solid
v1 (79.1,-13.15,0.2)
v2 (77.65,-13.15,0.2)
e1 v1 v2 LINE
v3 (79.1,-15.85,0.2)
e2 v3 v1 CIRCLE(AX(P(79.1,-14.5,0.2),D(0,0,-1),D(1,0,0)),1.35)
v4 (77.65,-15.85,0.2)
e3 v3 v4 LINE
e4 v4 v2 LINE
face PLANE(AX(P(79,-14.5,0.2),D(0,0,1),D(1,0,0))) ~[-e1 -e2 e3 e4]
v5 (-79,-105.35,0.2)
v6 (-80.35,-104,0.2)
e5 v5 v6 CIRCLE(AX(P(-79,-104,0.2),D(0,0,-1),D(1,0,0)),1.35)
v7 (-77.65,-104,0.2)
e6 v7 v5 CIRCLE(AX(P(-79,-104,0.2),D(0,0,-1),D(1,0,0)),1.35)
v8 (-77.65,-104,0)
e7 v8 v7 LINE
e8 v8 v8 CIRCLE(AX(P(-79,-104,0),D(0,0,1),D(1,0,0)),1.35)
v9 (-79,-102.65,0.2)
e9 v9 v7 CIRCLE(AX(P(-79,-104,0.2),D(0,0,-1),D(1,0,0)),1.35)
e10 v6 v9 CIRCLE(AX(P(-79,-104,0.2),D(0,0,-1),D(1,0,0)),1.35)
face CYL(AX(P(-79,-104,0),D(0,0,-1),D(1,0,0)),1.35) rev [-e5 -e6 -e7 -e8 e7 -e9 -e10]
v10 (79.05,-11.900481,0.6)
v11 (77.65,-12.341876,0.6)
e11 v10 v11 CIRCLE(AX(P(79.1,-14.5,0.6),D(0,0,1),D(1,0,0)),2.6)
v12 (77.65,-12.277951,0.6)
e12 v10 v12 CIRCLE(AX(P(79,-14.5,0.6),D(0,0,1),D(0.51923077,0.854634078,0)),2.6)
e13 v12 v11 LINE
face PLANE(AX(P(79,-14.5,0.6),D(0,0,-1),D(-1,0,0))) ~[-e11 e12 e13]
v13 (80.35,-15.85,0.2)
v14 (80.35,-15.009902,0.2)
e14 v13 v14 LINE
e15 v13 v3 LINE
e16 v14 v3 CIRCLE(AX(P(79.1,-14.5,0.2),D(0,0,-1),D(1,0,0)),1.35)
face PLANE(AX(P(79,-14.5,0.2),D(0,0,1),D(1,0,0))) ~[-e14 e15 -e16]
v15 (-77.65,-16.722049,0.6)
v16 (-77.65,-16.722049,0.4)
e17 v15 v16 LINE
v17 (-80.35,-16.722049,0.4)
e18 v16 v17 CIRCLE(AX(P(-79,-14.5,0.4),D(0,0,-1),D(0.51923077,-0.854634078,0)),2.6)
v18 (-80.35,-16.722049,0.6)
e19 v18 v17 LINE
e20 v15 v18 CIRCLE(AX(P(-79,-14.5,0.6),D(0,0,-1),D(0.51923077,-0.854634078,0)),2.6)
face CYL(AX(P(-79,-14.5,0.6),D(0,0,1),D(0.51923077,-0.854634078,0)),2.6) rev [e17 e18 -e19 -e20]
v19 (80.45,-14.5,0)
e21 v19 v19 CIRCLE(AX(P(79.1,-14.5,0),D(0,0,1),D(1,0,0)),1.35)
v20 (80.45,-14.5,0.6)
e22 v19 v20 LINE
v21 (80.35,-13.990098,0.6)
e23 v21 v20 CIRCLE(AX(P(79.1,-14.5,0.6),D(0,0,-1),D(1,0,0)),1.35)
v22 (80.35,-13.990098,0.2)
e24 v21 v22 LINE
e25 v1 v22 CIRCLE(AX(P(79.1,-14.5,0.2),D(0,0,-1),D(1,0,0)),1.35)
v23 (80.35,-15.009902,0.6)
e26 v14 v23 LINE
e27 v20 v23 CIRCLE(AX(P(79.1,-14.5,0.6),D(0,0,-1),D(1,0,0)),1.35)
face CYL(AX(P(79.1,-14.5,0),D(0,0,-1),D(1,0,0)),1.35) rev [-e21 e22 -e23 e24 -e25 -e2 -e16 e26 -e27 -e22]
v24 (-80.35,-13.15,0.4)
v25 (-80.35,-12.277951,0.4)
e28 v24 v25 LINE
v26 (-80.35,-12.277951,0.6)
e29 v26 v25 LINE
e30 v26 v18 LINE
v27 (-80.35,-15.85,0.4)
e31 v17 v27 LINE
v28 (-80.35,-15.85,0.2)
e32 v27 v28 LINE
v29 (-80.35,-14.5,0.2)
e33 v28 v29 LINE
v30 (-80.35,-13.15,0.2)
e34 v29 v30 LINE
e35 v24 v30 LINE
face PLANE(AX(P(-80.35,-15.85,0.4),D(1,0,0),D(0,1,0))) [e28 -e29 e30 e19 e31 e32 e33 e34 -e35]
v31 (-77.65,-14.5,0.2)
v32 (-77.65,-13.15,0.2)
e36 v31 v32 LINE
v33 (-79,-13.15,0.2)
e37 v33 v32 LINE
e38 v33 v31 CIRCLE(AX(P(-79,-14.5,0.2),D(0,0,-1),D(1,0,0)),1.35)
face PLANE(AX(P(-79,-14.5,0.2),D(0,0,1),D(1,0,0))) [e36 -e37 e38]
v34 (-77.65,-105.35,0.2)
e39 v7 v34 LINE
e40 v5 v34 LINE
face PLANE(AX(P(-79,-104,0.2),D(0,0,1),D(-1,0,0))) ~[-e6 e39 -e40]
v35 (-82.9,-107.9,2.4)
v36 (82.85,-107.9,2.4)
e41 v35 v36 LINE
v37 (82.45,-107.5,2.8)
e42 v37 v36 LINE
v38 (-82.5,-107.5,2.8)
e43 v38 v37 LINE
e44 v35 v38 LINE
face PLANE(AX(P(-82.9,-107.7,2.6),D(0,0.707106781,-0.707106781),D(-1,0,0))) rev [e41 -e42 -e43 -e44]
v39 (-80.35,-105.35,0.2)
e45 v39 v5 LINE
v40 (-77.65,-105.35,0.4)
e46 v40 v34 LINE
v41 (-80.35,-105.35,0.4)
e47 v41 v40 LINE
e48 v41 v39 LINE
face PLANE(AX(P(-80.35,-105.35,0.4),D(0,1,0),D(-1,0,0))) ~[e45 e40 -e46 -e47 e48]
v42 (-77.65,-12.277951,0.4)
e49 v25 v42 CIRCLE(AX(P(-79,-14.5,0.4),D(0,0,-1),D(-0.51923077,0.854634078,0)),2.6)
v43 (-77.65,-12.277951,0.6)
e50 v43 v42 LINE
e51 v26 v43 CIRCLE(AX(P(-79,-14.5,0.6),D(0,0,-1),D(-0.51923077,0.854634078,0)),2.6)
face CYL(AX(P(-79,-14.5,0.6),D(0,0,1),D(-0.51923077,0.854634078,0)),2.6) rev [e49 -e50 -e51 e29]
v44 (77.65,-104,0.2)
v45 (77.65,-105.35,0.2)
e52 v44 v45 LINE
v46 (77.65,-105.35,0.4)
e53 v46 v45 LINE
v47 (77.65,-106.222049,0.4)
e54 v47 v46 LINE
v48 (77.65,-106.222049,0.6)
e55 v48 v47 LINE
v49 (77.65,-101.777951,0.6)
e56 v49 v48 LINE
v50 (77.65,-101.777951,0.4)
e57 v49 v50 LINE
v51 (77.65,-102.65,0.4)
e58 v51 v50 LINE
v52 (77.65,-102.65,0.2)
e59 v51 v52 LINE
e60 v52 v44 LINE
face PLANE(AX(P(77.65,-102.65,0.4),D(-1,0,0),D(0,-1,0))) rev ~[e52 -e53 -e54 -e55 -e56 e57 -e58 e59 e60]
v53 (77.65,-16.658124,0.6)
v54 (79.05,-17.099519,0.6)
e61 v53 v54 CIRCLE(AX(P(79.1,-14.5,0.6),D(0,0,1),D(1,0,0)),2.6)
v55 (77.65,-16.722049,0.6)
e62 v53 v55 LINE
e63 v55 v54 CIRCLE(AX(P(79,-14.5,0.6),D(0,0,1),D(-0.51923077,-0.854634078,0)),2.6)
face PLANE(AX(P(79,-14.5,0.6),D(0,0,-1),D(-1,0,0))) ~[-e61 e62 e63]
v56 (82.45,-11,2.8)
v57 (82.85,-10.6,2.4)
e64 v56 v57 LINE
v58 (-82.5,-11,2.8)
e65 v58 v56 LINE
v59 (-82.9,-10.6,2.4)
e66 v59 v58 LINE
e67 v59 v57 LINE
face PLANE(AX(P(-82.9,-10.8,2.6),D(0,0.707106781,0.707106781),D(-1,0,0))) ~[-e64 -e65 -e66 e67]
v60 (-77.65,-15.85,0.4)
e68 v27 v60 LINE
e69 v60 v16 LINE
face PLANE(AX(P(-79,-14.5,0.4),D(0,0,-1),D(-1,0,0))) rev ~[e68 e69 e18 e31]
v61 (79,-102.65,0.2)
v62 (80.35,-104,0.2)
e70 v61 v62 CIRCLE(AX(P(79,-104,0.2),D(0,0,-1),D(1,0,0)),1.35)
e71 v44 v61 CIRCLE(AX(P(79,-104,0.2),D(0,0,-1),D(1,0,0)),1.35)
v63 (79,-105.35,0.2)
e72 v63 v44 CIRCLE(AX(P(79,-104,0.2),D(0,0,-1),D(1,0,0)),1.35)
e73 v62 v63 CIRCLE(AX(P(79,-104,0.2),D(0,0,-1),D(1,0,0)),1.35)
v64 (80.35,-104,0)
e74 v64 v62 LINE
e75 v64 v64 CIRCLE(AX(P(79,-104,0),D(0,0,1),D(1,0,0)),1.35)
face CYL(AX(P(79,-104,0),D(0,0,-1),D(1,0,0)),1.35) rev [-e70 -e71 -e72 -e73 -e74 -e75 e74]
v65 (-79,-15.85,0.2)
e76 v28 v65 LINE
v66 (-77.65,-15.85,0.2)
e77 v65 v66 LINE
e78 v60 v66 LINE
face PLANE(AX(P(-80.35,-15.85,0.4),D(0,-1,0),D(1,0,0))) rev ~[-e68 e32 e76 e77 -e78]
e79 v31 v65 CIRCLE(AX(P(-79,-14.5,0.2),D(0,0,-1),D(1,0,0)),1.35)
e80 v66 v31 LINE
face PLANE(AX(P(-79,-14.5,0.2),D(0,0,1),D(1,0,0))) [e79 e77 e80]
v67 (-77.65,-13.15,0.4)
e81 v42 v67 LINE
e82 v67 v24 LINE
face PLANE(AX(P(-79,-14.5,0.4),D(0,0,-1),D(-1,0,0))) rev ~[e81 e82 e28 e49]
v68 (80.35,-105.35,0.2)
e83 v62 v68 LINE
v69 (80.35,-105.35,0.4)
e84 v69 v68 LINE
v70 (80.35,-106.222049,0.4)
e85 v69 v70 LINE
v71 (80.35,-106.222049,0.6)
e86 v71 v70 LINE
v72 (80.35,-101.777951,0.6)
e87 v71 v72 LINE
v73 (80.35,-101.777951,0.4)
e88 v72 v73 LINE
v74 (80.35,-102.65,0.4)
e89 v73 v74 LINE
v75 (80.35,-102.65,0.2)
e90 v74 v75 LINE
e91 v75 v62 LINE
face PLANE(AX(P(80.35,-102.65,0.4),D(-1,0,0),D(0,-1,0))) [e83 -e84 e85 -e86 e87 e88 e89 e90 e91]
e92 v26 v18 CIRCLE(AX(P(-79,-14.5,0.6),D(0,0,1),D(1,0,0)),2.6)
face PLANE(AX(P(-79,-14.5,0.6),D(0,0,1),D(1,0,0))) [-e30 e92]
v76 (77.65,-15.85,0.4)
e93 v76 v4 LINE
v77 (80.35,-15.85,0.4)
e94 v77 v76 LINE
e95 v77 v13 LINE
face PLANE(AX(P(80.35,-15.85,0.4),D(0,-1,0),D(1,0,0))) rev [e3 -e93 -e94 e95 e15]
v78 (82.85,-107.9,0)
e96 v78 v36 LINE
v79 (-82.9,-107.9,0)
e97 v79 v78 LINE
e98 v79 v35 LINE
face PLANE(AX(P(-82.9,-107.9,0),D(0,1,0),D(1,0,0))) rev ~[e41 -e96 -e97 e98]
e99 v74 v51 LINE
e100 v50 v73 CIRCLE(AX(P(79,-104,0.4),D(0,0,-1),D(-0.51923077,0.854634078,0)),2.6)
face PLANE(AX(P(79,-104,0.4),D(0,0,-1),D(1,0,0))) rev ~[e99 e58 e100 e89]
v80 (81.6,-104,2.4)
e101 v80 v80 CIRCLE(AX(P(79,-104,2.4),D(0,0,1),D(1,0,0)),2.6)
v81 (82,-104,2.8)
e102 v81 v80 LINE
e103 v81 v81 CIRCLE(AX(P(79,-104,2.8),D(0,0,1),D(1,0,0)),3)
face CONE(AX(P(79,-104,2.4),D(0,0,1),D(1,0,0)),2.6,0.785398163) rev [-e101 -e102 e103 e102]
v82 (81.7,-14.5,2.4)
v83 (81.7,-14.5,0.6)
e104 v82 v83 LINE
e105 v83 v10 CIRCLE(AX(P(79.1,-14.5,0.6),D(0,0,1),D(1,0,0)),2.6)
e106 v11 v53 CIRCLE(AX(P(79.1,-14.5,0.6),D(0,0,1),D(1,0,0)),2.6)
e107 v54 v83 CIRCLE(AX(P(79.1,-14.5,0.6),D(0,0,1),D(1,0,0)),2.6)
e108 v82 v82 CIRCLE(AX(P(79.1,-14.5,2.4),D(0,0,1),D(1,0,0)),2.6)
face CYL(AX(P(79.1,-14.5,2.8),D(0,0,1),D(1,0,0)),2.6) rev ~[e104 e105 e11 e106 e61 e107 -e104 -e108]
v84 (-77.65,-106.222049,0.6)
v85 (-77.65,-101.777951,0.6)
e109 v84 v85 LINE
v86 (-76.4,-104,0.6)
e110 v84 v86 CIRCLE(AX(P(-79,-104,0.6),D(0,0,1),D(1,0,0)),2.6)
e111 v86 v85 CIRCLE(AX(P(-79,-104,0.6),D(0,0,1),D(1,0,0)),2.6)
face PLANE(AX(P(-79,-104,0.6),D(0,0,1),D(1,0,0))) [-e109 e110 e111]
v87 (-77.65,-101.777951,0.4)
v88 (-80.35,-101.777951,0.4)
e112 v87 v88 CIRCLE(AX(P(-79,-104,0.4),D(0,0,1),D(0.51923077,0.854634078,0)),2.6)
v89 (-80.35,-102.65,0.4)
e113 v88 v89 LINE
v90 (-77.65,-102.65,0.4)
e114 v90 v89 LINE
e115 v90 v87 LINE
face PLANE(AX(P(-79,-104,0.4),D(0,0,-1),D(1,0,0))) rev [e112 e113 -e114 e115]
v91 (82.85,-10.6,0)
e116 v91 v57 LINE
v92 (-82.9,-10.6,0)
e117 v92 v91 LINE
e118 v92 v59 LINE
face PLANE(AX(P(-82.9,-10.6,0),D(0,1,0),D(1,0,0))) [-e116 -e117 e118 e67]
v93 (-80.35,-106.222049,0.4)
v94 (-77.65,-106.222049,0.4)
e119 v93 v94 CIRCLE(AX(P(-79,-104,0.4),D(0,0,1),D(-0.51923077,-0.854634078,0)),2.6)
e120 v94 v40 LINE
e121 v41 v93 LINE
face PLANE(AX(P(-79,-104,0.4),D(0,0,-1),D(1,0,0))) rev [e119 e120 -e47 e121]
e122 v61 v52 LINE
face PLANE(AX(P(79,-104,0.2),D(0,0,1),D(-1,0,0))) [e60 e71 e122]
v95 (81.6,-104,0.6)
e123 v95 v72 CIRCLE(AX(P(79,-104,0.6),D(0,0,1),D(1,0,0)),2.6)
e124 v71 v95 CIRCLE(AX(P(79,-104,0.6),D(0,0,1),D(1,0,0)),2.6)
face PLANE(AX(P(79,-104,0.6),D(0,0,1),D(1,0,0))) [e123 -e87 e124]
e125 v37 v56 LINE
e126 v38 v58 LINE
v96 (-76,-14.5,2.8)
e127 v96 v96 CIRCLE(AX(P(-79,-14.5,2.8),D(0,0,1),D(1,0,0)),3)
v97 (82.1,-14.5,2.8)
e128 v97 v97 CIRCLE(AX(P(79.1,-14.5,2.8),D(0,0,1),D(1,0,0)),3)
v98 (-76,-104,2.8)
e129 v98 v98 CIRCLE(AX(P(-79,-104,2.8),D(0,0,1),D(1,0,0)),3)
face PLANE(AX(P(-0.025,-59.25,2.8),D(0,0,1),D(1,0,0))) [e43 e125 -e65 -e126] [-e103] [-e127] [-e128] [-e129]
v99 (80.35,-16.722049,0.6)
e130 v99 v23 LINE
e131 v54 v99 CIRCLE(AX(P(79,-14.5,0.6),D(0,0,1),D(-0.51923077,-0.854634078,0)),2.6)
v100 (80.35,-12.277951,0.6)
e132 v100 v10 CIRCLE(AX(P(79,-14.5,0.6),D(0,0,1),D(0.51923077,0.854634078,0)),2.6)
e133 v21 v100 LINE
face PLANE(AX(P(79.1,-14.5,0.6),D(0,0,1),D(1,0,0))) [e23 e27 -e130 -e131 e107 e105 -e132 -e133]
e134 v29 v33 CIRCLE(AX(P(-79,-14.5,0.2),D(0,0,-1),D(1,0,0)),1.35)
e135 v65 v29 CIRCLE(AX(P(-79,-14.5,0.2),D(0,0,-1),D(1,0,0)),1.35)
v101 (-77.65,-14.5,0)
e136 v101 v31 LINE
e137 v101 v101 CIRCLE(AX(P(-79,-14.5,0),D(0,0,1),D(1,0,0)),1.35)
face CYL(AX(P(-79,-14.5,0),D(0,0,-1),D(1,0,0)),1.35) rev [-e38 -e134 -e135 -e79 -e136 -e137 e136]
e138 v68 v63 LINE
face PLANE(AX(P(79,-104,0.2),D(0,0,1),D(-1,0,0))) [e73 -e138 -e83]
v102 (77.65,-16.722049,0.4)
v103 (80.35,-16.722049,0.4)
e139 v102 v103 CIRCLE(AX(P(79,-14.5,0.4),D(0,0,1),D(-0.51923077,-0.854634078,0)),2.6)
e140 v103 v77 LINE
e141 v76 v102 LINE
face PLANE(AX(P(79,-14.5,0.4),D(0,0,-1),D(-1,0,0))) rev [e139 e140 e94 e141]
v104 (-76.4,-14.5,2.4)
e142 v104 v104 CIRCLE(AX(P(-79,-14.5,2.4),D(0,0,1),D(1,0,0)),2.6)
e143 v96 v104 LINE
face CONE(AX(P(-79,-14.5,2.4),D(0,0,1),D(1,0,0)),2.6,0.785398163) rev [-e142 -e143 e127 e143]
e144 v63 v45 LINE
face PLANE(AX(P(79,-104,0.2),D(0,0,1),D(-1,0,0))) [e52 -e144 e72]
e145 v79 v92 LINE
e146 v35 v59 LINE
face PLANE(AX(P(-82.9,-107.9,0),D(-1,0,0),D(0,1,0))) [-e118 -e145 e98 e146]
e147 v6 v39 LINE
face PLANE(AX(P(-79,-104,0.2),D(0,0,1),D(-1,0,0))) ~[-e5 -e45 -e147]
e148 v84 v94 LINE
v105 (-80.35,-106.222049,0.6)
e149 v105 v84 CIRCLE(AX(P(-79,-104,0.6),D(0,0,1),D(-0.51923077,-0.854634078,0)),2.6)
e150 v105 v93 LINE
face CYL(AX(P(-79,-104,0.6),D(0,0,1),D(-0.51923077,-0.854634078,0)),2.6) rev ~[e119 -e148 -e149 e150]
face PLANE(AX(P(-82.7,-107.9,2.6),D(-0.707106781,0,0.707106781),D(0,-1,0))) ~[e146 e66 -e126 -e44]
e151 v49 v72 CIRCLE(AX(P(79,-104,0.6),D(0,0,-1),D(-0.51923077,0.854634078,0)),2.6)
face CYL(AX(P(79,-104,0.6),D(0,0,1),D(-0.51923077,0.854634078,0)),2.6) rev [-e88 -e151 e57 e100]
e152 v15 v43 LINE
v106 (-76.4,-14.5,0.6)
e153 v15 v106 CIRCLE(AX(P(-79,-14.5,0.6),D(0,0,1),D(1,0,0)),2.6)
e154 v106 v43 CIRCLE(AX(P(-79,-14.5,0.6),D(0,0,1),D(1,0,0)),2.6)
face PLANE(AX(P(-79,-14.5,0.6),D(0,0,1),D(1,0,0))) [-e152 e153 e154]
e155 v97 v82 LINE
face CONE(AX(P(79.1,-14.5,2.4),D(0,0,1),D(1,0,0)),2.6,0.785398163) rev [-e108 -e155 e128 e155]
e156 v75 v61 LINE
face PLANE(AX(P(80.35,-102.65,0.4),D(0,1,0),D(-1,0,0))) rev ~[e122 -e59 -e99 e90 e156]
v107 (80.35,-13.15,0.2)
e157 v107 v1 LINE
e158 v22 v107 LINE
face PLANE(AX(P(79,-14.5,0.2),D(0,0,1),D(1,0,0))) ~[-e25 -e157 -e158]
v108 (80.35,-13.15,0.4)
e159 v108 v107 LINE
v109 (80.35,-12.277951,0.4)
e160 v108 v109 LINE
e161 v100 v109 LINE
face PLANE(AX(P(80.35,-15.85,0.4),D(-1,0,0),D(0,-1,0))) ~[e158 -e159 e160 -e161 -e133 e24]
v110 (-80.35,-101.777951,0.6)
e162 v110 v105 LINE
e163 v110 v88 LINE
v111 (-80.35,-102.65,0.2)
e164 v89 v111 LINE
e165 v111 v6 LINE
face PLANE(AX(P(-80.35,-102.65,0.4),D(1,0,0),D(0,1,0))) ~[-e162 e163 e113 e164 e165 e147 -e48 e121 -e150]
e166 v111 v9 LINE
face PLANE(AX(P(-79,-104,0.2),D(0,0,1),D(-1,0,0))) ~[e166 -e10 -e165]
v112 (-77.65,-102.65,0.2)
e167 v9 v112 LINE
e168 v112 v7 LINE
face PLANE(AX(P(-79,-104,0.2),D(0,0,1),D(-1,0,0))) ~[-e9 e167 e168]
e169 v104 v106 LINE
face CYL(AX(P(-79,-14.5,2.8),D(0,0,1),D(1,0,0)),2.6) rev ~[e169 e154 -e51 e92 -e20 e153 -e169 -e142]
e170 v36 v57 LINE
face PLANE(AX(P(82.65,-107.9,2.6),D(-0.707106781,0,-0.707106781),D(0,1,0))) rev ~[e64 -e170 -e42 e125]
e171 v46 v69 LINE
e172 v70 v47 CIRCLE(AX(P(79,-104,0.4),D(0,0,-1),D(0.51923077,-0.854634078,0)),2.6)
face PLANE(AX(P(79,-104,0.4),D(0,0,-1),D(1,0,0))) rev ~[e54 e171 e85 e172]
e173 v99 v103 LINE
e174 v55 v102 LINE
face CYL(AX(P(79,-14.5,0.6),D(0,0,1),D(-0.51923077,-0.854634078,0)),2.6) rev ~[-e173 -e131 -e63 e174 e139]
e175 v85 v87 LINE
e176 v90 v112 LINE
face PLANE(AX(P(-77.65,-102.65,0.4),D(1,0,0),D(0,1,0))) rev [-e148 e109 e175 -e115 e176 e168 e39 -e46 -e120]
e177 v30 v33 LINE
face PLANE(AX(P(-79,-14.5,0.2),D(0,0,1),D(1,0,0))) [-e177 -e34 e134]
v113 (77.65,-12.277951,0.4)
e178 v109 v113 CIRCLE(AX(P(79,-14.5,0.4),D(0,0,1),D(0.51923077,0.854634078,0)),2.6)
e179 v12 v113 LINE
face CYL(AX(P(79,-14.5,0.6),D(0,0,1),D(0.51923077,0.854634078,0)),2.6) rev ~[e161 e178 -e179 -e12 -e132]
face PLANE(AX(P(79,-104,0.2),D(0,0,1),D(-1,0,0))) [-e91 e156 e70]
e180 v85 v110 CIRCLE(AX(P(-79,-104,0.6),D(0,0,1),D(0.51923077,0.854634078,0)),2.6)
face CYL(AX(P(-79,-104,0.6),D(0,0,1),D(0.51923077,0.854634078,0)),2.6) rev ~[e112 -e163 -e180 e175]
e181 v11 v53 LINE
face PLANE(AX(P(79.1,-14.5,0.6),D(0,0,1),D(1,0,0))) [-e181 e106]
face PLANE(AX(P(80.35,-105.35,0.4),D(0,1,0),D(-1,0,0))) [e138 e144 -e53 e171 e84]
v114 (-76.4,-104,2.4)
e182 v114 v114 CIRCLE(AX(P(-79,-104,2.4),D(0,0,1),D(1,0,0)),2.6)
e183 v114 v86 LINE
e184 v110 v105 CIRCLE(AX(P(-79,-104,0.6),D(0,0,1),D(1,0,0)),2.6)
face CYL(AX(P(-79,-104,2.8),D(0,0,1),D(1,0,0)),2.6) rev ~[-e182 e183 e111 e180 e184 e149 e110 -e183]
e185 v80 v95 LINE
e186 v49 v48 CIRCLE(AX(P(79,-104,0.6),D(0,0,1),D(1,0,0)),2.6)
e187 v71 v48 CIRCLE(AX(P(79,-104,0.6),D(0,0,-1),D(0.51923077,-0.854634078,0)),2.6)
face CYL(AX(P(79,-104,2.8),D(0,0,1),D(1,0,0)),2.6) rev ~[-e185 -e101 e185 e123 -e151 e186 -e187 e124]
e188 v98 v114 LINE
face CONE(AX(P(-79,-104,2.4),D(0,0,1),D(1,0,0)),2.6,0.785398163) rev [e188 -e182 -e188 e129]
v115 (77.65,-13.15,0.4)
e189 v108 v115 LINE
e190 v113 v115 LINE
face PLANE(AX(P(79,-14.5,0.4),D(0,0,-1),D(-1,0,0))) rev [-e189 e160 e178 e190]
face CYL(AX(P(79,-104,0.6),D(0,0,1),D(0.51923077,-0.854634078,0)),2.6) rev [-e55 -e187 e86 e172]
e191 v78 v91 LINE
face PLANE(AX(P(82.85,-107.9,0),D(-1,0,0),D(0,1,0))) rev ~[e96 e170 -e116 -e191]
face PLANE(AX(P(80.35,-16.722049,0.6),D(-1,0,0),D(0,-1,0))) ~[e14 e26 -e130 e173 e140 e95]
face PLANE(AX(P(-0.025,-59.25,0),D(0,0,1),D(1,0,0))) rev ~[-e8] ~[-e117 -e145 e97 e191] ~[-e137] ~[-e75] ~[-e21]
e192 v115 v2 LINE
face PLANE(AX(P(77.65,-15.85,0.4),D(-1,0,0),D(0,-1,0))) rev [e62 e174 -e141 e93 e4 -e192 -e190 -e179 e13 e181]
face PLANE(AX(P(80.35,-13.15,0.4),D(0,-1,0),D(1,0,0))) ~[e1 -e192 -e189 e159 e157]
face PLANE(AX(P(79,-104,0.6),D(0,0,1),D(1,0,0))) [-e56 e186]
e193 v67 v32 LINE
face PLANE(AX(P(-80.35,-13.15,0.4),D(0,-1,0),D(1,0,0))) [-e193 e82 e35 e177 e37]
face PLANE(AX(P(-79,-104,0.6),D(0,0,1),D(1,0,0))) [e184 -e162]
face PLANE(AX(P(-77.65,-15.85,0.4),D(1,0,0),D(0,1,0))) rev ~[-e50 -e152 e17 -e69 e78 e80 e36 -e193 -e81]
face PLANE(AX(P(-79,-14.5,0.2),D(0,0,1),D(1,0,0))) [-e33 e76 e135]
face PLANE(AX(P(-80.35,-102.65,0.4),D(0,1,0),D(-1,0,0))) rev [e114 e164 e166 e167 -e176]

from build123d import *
from build123d.topology import SkipClean

# Parameters (mm, degrees)
SKETCH2_W               = 165.75
SKETCH2_H               = 97.3
SKETCH2_R               = 1.35
BOSS_EXTRUDE1_DEPTH     = 2.8
SKETCH3_R               = 2.6
CUT_EXTRUDE1_DEPTH      = 2.2
CUT_EXTRUDE2_DEPTH      = 0.2
SKETCH5_W               = 2.7
SKETCH5_H               = 2.7
CUT_EXTRUDE3_DEPTH      = 0.2
MIRROR2_COPY_1_DEPTH    = 0.2
MIRROR2_COPY_2_SKETCH_W = 2.7
MIRROR2_COPY_2_SKETCH_H = 2.7
MIRROR2_COPY_2_DEPTH    = 0.2
CHAMFER1_SIZE           = 0.4


with BuildPart() as part:
    # Sketch2 → Boss-Extrude1 (new body)
    with BuildSketch(Plane.XY):
        with Locations((-0.025, -59.25)):
            Rectangle(SKETCH2_W, SKETCH2_H)
        with Locations((-79, -14.5)):
            Circle(SKETCH2_R, mode=Mode.SUBTRACT)
        with Locations((79.1, -14.5)):
            Circle(SKETCH2_R, mode=Mode.SUBTRACT)
        with Locations((79, -104)):
            Circle(SKETCH2_R, mode=Mode.SUBTRACT)
        with Locations((-79, -104)):
            Circle(SKETCH2_R, mode=Mode.SUBTRACT)
    extrude(amount=BOSS_EXTRUDE1_DEPTH)

    # Sketch3 → Cut-Extrude1 (cut)
    with BuildSketch(Plane.XY.offset(2.8)):
        with Locations((-79, -14.5)):
            Circle(SKETCH3_R)
        with Locations((-79, -104)):
            Circle(SKETCH3_R)
        with Locations((79, -104)):
            Circle(SKETCH3_R)
        with Locations((79.1, -14.5)):
            Circle(SKETCH3_R)
    extrude(amount=-CUT_EXTRUDE1_DEPTH, mode=Mode.SUBTRACT)

    # Sketch4 → Cut-Extrude2 (cut)
    with SkipClean():  # the faces are left unmerged after this step: merging them gives an invalid solid
        with BuildSketch(Plane.XY.offset(0.6)):
            with BuildLine():
                Line((-80.35, -16.722048604), (-80.35, -12.277951396))
                ThreePointArc((-80.35, -12.277951396), (-79, -11.9), (-77.65, -12.277951396))
                Line((-77.65, -12.277951396), (-77.65, -16.722048604))
                ThreePointArc((-77.65, -16.722048604), (-79, -17.1), (-80.35, -16.722048604))
            make_face()
        cut_extrude2 = extrude(amount=-CUT_EXTRUDE2_DEPTH, mode=Mode.SUBTRACT)

    # Sketch5 → Cut-Extrude3 (cut)
    with SkipClean():  # the faces are left unmerged after this step: merging them gives an invalid solid
        with BuildSketch(Plane.XY.offset(0.4)):
            with Locations((-79, -14.5)):
                Rectangle(SKETCH5_W, SKETCH5_H)
        cut_extrude3 = extrude(amount=-CUT_EXTRUDE3_DEPTH, mode=Mode.SUBTRACT)

    # Mirror1: Cut-Extrude2, Cut-Extrude3 across plane
    with SkipClean():  # the faces are left unmerged after this step: merging them gives an invalid solid
        add(cut_extrude2.mirror(Plane.ZX.offset(-59.25)), mode=Mode.SUBTRACT)
        add(cut_extrude3.mirror(Plane.ZX.offset(-59.25)), mode=Mode.SUBTRACT)

    # Mirror2: Cut-Extrude2, Cut-Extrude3 across plane
    with SkipClean():  # the faces are left unmerged after this step: merging them gives an invalid solid
        add(cut_extrude2.mirror(Plane(origin=(0, 0, 0), x_dir=(0, 0, 1), z_dir=(1, 0, 0))), mode=Mode.SUBTRACT)
        add(cut_extrude3.mirror(Plane(origin=(0, 0, 0), x_dir=(0, 0, 1), z_dir=(1, 0, 0))), mode=Mode.SUBTRACT)

    # Mirror2 copy 1 sketch → Mirror2 copy 1 (cut)
    with SkipClean():  # the faces are left unmerged after this step: merging them gives an invalid solid
        with BuildSketch(Plane(origin=(0, -118.5, 0.6), x_dir=(-1, 0, 0), z_dir=(0, 0, 1))):
            with BuildLine():
                Line((-80.35, -16.722048604), (-80.35, -12.277951396))
                ThreePointArc((-80.35, -12.277951396), (-79, -11.9), (-77.65, -12.277951396))
                Line((-77.65, -12.277951396), (-77.65, -16.722048604))
                ThreePointArc((-77.65, -16.722048604), (-79, -17.1), (-80.35, -16.722048604))
            make_face()
        extrude(amount=-MIRROR2_COPY_1_DEPTH, mode=Mode.SUBTRACT)

    # Mirror2 copy 2 sketch → Mirror2 copy 2 (cut)
    with SkipClean():  # the faces are left unmerged after this step: merging them gives an invalid solid
        with BuildSketch(Plane(origin=(0, -118.5, 0.4), x_dir=(-1, 0, 0), z_dir=(0, 0, 1))):
            with Locations((-79, -14.5)):
                Rectangle(MIRROR2_COPY_2_SKETCH_W, MIRROR2_COPY_2_SKETCH_H)
        extrude(amount=-MIRROR2_COPY_2_DEPTH, mode=Mode.SUBTRACT)

    # Chamfer1
    chamfer1_edges = [part.edges().sort_by_distance(p)[0] for p in [
        (82.85, -59.25, 2.8),
        (-0.025, -10.6, 2.8),
        (76.5, -14.5, 2.8),
        (76.4, -104, 2.8),
        (-81.6, -104, 2.8),
        (-81.6, -14.5, 2.8),
        (-82.9, -59.25, 2.8),
        (-0.025, -107.9, 2.8),
    ]]
    chamfer(chamfer1_edges, length=CHAMFER1_SIZE)


solid = part.part
